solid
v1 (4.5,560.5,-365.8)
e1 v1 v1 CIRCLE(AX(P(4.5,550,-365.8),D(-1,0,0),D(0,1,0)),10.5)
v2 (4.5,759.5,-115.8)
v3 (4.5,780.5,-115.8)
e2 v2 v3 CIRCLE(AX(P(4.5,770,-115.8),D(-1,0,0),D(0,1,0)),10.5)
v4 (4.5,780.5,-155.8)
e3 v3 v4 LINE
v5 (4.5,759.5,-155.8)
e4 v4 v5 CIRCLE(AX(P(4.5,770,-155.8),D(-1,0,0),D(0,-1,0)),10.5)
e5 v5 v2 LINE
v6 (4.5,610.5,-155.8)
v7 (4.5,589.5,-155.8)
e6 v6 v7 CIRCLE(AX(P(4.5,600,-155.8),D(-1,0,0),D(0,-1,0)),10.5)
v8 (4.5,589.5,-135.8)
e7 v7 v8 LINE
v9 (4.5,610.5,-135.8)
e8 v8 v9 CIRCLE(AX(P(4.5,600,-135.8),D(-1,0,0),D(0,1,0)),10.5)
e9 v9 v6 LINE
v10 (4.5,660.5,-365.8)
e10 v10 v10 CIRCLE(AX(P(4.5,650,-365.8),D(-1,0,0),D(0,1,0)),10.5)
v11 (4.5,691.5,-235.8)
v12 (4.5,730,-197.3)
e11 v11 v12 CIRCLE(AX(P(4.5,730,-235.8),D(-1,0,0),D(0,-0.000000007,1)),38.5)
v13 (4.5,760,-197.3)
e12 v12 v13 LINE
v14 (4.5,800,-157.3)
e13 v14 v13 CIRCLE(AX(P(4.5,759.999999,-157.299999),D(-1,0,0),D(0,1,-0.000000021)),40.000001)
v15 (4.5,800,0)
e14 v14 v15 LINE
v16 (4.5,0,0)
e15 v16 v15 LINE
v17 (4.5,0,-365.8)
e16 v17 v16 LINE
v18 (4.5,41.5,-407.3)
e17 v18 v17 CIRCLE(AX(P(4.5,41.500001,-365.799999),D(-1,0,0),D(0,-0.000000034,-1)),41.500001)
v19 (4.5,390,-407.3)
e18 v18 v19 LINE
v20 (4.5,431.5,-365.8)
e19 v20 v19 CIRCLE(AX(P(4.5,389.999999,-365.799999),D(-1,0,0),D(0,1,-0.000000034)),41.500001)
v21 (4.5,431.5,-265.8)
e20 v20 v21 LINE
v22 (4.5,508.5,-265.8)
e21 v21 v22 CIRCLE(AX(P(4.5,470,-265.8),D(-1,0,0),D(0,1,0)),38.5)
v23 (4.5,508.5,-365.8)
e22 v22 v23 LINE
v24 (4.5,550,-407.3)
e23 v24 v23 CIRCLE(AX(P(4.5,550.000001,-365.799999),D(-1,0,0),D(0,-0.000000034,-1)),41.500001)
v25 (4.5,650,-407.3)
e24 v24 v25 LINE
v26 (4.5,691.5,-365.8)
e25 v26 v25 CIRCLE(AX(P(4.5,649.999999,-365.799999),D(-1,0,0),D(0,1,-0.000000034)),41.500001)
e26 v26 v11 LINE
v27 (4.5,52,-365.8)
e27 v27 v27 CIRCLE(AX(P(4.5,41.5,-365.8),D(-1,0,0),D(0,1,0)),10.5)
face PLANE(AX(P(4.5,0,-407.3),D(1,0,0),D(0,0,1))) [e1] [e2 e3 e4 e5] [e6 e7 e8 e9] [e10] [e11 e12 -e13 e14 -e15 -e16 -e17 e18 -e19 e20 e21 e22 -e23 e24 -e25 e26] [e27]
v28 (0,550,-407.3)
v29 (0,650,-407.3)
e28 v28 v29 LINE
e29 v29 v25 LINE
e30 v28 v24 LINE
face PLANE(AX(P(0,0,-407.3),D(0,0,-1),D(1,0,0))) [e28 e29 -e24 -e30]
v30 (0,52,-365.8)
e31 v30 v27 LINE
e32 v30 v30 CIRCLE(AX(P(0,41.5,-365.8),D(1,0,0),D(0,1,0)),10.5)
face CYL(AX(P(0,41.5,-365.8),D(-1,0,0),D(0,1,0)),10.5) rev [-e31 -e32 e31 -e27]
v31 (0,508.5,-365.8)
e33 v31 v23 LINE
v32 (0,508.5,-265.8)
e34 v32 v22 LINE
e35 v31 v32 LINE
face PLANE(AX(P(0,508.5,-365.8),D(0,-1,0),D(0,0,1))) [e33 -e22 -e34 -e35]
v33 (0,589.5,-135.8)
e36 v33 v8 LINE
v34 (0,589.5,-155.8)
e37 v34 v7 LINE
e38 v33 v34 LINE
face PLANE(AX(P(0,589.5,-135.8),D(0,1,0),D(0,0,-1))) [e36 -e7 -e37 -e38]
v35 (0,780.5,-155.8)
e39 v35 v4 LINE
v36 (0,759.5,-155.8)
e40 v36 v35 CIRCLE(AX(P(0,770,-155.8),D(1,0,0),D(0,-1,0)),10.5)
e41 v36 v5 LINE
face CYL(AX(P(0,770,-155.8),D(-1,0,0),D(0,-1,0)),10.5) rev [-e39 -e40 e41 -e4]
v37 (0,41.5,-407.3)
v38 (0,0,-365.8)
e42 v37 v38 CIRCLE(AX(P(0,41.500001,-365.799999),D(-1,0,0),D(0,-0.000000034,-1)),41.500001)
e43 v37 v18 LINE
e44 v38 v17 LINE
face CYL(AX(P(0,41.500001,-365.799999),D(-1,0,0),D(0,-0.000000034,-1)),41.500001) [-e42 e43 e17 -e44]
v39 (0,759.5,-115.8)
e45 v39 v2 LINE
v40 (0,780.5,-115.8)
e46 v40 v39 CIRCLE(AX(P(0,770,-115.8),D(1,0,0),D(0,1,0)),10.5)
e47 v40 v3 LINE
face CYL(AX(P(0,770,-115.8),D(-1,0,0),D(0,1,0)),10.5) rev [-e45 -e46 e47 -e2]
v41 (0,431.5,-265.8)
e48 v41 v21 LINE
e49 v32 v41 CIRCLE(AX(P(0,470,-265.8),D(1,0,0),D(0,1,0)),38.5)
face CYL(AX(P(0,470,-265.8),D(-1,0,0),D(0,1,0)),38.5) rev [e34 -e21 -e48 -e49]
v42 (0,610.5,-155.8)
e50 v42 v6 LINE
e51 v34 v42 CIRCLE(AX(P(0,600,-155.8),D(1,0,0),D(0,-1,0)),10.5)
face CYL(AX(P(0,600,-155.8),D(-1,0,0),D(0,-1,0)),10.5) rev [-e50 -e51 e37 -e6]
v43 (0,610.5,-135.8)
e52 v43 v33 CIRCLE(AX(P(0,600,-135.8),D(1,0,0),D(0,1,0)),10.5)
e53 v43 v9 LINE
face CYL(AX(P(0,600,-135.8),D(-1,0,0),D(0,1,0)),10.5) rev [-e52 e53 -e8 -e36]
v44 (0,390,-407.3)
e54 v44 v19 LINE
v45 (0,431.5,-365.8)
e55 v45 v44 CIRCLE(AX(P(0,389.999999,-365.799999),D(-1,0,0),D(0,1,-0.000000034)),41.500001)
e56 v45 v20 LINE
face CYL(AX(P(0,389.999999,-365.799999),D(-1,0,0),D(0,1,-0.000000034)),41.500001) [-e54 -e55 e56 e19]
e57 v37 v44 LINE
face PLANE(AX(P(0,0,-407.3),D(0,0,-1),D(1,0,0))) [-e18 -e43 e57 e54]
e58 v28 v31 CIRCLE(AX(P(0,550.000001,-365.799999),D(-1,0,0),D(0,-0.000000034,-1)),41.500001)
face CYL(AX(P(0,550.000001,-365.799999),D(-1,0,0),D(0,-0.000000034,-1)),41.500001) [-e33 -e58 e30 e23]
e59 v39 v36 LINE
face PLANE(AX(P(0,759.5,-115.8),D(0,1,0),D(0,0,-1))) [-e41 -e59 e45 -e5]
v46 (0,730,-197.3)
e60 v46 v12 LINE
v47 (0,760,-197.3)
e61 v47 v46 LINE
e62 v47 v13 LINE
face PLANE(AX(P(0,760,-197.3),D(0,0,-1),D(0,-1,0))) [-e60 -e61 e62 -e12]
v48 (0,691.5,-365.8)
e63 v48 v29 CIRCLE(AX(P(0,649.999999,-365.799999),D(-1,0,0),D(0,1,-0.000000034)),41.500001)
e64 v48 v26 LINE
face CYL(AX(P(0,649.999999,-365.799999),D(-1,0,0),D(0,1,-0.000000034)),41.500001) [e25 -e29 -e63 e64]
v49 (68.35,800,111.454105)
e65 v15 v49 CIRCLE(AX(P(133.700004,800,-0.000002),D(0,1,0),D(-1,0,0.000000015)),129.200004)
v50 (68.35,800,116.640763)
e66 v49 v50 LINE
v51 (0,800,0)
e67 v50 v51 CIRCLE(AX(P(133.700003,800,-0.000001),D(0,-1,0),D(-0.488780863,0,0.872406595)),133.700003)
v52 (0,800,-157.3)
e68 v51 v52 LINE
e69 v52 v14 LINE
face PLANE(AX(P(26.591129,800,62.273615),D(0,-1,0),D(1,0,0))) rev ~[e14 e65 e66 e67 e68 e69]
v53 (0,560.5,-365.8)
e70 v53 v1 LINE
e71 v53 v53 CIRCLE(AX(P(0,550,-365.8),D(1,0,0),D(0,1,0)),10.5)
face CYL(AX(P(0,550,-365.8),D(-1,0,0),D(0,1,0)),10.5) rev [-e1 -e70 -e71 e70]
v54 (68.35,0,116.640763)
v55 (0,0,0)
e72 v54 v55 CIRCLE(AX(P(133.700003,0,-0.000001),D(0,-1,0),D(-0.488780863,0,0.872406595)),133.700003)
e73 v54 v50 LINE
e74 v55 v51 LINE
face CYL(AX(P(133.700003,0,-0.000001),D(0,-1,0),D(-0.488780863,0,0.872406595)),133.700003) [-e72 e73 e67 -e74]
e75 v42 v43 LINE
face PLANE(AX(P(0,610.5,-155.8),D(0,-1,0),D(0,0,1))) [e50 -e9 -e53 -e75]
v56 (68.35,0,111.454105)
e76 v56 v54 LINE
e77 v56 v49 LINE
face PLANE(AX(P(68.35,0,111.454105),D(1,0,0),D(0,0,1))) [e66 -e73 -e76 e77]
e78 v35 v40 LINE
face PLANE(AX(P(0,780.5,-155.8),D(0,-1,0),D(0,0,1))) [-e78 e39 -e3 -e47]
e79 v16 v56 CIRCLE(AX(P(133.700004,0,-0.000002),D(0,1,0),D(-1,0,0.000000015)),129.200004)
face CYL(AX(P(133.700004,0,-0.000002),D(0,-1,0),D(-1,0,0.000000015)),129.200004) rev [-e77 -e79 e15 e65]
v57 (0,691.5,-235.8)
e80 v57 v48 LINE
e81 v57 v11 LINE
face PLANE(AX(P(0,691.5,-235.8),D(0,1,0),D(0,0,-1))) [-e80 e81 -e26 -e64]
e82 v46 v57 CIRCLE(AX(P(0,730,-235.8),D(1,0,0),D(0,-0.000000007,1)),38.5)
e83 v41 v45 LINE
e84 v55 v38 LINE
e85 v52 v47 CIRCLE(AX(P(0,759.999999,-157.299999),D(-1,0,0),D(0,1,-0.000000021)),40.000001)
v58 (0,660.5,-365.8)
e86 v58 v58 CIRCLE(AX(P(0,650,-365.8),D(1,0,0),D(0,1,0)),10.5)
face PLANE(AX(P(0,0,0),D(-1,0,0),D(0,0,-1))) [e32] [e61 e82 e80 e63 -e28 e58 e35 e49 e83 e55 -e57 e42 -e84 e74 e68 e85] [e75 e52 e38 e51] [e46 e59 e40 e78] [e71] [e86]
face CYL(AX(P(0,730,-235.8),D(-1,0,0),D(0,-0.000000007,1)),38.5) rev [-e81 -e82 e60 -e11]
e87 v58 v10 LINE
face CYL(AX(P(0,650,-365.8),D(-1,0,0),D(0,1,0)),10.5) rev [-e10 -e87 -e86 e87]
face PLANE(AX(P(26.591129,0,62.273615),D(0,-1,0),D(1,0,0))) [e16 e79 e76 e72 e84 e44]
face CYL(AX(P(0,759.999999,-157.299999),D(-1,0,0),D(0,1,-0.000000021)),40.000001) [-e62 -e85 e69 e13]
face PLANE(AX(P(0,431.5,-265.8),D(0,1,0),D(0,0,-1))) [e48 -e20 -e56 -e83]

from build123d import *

# Parameters (mm, degrees)
F2_DEPTH = 800
F1_R     = 10.5
F3_DEPTH = 25


with BuildPart() as f2:
    # F0 (on Front) → F2 (new body)
    with BuildSketch(Plane.XZ):
        with BuildLine():
            Line((68.35, 111.454105), (68.35, 116.640763))
            ThreePointArc((68.35, 116.640763), (18.346229, 67.595839), (0, 0))
            Line((0, 0), (4.5, 0))
            ThreePointArc((4.5, 0), (21.593221, 64.223905), (68.35, 111.454105))
        make_face()
        Polygon((4.5, 0), (0, 0), (0, -365.8), (0, -407.3), (4.5, -407.3), align=None)
    extrude(amount=-F2_DEPTH)

    # F1 (on Right) → F3 (cut)
    with BuildSketch(Plane.YZ):
        with BuildLine():
            ThreePointArc((431.5, -365.8), (419.344931, -395.144931), (390, -407.3))
            Line((390, -407.3), (550, -407.3))
            ThreePointArc((550, -407.3), (520.655069, -395.144931), (508.5, -365.8))
            Line((508.5, -365.8), (508.5, -265.8))
            ThreePointArc((508.5, -265.8), (470, -227.3), (431.5, -265.8))
            Line((431.5, -265.8), (431.5, -365.8))
        make_face()
        with BuildLine():
            Line((800, -407.3), (800, -157.3))
            ThreePointArc((800, -157.3), (788.284271, -185.584271), (760, -197.3))
            Line((760, -197.3), (730, -197.3))
            ThreePointArc((730, -197.3), (702.776389, -208.576389), (691.5, -235.8))
            Line((691.5, -235.8), (691.5, -365.8))
            ThreePointArc((691.5, -365.8), (679.344931, -395.144931), (650, -407.3))
            Line((650, -407.3), (800, -407.3))
        make_face()
        with BuildLine():
            ThreePointArc((41.5, -407.3), (12.155069, -395.144931), (0, -365.8))
            Line((0, -365.8), (0, -407.3))
            Line((0, -407.3), (41.5, -407.3))
        make_face()
        with Locations((41.5, -365.8)):
            Circle(F1_R)
        with BuildLine():
            ThreePointArc((780.5, -115.8), (770, -105.3), (759.5, -115.8))
            Line((759.5, -115.8), (759.5, -155.8))
            ThreePointArc((759.5, -155.8), (770, -166.3), (780.5, -155.8))
            Line((780.5, -155.8), (780.5, -115.8))
        make_face()
        with BuildLine():
            ThreePointArc((610.5, -135.8), (600, -125.3), (589.5, -135.8))
            Line((589.5, -135.8), (589.5, -155.8))
            ThreePointArc((589.5, -155.8), (600, -166.3), (610.5, -155.8))
            Line((610.5, -155.8), (610.5, -135.8))
        make_face()
        with Locations((650, -365.8)):
            Circle(F1_R)
        with Locations((550, -365.8)):
            Circle(F1_R)
    extrude(amount=F3_DEPTH, mode=Mode.SUBTRACT)


solid = f2.part
